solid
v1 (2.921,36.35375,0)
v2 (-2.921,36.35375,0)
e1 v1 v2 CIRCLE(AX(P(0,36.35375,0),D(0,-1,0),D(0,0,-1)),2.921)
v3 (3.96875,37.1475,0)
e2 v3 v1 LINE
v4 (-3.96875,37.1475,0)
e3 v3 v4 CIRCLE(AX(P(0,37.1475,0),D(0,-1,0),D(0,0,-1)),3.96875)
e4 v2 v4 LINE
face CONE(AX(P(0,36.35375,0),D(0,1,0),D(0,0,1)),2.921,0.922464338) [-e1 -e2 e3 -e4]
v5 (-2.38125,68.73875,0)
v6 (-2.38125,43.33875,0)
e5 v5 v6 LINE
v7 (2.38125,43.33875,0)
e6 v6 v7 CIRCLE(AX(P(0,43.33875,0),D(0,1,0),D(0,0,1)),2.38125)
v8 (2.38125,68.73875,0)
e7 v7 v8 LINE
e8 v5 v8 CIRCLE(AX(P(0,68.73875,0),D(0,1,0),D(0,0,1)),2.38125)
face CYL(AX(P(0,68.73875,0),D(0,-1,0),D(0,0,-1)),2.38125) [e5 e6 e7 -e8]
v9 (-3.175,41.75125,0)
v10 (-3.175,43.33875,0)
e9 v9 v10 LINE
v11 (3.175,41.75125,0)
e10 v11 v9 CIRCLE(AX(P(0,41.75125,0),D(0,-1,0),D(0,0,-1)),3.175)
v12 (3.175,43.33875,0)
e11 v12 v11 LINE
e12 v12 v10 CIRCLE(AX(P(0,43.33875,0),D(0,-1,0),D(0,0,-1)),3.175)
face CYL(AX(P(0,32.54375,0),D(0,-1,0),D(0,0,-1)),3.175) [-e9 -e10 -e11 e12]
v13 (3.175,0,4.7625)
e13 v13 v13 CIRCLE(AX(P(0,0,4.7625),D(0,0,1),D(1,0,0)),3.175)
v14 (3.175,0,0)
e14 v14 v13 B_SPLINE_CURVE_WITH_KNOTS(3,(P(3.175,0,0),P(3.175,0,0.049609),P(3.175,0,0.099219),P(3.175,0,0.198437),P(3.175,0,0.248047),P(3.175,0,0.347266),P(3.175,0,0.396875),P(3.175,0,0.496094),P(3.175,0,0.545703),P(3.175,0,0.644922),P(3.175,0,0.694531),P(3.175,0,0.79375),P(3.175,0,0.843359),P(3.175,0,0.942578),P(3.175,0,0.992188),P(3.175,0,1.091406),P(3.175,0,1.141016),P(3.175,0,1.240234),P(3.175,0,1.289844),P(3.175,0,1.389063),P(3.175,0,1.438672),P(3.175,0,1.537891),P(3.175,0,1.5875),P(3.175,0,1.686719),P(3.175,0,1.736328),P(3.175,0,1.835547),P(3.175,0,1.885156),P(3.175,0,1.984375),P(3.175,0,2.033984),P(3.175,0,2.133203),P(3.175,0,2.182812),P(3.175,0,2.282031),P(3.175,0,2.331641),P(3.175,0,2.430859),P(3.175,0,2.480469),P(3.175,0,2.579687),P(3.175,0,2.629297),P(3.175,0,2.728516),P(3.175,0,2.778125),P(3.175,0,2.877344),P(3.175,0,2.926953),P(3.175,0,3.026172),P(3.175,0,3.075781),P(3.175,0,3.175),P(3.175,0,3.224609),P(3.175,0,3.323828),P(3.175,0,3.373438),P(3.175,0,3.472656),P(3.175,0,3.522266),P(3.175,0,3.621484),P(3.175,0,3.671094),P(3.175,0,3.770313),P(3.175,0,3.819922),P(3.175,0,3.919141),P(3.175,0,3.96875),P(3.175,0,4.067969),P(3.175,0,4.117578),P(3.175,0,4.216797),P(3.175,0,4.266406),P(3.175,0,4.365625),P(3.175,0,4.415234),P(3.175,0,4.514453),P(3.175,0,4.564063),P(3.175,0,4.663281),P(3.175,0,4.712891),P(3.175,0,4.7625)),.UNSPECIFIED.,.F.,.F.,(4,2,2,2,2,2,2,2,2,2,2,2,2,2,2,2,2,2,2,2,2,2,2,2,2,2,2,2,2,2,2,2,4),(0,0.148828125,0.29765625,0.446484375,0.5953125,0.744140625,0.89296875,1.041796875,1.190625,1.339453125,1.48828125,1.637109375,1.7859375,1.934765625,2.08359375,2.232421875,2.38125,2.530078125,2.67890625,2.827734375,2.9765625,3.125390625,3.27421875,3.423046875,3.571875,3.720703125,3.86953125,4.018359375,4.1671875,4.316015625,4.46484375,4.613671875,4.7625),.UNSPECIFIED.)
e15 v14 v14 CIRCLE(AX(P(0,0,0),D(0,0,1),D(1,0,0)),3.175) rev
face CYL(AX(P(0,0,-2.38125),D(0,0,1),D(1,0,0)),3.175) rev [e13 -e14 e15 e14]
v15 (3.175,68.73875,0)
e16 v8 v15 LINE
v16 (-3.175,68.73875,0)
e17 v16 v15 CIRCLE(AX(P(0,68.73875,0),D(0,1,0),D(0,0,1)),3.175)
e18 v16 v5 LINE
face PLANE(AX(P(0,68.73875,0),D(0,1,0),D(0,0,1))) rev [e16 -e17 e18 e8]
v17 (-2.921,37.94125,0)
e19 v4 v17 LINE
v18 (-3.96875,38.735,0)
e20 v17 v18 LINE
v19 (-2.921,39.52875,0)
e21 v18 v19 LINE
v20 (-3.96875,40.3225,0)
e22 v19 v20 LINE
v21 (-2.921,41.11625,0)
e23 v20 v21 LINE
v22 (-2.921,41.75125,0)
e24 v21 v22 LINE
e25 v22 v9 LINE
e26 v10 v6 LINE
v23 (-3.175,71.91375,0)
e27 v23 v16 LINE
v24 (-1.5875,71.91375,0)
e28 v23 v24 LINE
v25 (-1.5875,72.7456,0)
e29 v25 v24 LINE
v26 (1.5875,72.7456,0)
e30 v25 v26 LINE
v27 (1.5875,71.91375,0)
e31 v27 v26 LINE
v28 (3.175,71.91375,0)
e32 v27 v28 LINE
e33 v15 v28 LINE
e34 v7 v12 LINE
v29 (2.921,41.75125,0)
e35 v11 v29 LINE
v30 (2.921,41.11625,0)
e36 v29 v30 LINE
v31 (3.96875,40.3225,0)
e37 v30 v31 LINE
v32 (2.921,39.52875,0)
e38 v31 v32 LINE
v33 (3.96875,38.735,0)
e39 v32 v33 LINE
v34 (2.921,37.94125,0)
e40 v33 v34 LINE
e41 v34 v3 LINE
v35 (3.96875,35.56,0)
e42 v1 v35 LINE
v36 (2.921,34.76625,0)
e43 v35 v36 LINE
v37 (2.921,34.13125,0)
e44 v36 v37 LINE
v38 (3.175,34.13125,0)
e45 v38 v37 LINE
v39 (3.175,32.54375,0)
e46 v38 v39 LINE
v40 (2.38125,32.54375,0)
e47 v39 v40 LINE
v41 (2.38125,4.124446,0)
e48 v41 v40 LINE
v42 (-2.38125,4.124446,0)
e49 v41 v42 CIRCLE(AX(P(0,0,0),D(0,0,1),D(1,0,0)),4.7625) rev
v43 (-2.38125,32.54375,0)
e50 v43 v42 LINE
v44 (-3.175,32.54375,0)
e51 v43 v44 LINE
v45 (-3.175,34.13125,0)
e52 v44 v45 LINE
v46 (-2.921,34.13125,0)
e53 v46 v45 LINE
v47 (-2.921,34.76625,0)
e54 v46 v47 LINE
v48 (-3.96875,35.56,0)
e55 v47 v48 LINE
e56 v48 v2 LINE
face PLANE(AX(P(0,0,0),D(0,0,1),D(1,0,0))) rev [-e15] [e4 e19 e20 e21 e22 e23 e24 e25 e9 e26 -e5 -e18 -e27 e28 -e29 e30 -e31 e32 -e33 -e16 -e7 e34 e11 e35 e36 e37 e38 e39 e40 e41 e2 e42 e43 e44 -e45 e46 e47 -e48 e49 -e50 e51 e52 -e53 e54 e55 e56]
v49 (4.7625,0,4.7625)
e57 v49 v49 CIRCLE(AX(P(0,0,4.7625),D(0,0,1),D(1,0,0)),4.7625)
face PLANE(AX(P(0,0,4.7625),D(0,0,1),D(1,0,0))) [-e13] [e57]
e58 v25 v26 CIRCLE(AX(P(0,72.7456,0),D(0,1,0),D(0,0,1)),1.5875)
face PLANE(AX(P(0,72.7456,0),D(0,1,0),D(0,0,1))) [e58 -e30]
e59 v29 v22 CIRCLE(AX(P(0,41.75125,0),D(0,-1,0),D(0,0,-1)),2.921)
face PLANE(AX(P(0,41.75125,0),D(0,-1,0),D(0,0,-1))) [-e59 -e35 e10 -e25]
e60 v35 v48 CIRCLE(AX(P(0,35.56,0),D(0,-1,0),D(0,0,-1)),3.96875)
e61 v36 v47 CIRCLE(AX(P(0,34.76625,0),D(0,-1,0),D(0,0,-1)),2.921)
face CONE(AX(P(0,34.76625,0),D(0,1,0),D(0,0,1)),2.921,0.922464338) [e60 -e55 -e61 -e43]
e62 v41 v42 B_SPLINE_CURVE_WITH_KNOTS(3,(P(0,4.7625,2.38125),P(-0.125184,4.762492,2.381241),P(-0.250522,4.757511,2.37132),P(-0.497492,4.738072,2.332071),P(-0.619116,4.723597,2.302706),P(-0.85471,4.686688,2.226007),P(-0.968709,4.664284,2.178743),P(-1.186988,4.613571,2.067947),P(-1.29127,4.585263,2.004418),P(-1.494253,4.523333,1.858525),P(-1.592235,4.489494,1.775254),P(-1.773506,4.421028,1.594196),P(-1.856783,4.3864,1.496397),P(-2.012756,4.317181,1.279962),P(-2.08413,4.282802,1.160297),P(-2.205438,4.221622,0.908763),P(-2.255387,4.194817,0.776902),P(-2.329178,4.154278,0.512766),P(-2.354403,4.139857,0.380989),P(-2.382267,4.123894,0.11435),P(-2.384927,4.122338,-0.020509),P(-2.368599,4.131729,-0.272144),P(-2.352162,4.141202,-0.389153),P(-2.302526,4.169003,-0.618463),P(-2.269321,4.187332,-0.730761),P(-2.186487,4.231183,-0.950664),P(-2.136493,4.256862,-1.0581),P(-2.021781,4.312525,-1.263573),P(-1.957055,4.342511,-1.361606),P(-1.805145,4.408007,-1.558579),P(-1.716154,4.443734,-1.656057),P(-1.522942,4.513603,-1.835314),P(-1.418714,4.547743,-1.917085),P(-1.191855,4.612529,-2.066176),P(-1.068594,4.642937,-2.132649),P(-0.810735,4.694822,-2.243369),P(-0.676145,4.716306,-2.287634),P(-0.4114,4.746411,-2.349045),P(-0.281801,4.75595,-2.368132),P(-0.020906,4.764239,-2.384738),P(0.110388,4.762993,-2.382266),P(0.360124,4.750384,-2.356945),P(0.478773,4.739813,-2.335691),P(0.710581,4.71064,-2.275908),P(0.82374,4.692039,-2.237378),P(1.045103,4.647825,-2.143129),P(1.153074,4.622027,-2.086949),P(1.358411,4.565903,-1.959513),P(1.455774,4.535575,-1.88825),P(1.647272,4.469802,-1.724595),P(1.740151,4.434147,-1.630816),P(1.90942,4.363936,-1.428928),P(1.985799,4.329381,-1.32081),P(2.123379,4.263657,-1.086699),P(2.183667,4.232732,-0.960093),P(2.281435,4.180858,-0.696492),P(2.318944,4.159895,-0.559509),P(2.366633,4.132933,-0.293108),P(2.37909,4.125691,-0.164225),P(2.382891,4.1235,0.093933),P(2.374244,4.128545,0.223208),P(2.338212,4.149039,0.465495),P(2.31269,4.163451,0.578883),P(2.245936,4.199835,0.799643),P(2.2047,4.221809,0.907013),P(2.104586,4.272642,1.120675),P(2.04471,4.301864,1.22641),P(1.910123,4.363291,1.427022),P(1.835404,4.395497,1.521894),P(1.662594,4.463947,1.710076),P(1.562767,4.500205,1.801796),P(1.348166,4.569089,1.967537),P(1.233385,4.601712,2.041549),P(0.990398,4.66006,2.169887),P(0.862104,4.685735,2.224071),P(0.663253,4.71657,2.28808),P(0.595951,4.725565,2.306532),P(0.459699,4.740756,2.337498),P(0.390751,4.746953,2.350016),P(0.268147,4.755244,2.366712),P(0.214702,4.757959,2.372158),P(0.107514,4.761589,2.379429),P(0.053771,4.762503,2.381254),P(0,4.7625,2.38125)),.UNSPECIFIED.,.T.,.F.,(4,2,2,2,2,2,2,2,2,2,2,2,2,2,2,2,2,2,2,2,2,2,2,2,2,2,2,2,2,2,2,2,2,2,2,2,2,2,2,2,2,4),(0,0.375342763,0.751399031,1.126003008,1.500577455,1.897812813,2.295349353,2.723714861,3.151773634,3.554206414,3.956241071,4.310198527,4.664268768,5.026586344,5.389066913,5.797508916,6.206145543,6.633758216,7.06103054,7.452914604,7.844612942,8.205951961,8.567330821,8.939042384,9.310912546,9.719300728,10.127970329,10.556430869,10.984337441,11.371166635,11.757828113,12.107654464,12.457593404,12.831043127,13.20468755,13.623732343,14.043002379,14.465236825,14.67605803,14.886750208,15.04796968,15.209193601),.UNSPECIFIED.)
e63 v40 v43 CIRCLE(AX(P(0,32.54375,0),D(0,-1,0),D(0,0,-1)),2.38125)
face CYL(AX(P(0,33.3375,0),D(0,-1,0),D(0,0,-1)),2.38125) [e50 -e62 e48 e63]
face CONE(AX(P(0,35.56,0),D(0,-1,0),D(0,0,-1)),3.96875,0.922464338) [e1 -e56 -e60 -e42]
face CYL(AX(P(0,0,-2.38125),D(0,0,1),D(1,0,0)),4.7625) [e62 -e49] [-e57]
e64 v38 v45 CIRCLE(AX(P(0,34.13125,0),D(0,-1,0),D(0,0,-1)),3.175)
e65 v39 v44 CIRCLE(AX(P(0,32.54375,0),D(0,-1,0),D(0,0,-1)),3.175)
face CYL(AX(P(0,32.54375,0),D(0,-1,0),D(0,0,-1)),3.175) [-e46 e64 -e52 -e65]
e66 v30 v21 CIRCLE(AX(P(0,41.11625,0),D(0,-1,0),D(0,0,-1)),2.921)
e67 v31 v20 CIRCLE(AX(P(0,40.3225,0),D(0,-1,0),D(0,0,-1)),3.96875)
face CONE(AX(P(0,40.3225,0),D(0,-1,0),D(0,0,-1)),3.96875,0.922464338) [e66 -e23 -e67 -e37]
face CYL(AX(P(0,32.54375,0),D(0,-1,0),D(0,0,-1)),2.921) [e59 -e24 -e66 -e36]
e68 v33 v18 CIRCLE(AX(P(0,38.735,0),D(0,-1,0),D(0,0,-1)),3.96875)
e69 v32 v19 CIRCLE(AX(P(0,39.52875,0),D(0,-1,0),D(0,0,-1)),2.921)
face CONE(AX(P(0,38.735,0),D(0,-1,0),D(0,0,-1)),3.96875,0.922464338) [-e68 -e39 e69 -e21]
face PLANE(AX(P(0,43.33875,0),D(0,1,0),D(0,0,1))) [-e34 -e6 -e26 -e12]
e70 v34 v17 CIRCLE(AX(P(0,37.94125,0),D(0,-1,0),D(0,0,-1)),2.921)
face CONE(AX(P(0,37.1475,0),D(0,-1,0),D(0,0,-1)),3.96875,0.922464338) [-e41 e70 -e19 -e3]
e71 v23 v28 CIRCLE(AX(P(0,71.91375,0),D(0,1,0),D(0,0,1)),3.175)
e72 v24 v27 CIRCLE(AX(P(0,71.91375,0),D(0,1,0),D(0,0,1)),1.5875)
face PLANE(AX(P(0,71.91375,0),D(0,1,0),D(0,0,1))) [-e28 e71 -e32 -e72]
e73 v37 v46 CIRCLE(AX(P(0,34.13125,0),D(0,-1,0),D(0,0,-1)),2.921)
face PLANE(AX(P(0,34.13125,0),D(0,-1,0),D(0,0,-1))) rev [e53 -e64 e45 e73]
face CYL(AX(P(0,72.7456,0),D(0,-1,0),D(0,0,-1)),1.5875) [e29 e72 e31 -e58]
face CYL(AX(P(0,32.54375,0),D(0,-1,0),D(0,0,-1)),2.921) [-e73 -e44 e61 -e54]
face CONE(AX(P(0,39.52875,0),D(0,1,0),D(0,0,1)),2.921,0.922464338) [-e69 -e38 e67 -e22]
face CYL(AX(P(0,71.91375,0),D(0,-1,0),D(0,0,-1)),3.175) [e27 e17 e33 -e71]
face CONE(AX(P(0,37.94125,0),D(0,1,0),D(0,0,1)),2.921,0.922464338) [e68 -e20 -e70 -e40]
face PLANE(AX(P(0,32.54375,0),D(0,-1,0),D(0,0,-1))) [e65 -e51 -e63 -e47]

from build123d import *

# Parameters (mm, degrees)
BOSS_EXTRUDE1_DEPTH                  = 4.7625
BOSS_EXTRUDE1_DEPTH_BACK             = 2.38125
SKETCH1_R                            = 4.7625
SKETCH1_R_2                          = 3.175
SKETCH2_R                            = 2.38125
BOSS_EXTRUDE2_DEPTH                  = 28.575
BOSS_EXTRUDE2_DIRECTION_2_REACH      = 13.666
BOSS_EXTRUDE2_DIRECTION_2_END_RADIUS = 4.7625
SKETCH3_W                            = 3.175
SKETCH3_H                            = 1.5875
BOSS_EXTRUDE3_START                  = 25.4
SKETCH4_R                            = 2.38125
BOSS_EXTRUDE3_DEPTH                  = 25.4
SKETCH5_R                            = 3.175
BOSS_EXTRUDE4_DEPTH                  = 3.175
SKETCH6_R                            = 1.5875
BOSS_EXTRUDE5_DEPTH                  = 0.83185
SKETCH7_W                            = 15.534712676
SKETCH7_H                            = 81.822586025
CUT_EXTRUDE1_DEPTH                   = 74.056725452


with BuildPart() as part:
    # Sketch1 → Boss-Extrude1 (new, two sides: drawn at the far end of the back side and taken through both)
    with BuildSketch(Plane.XY.offset(-BOSS_EXTRUDE1_DEPTH_BACK)):
        Circle(SKETCH1_R)
        Circle(SKETCH1_R_2, mode=Mode.SUBTRACT)
    extrude(amount=BOSS_EXTRUDE1_DEPTH + BOSS_EXTRUDE1_DEPTH_BACK)

    # Sketch2 → Boss-Extrude2 (add)
    with BuildSketch(Plane(origin=(0, 4.7625, 0), x_dir=(1, 0, 0), z_dir=(0, 1, 0))):
        with Locations(Location((0, 0, 0), (0, 0, 90.000000028))):
            Circle(SKETCH2_R)
    extrude(amount=BOSS_EXTRUDE2_DEPTH)

    # Boss-Extrude2 direction 2: up to this cylinder (the profile starts outside it)
    boss_extrude2_direction_2_end = Plane(origin=(0, 0, 0), z_dir=(0, 0, 1)) * Cylinder(BOSS_EXTRUDE2_DIRECTION_2_END_RADIUS, 37.857, mode=Mode.PRIVATE)
    # Sketch2 → Boss-Extrude2 direction 2 (add, up to the surface)
    with BuildSketch(Plane(origin=(0, 4.7625, 0), x_dir=(1, 0, 0), z_dir=(0, 1, 0)), mode=Mode.PRIVATE) as boss_extrude2_direction_2_sk1:
        with Locations(Location((0, 0, 0), (0, 0, 90.000000028))):
            Circle(SKETCH2_R)
    boss_extrude2_direction_2_tool1 = extrude(boss_extrude2_direction_2_sk1.sketch, amount=-BOSS_EXTRUDE2_DIRECTION_2_REACH, mode=Mode.PRIVATE) - boss_extrude2_direction_2_end
    add(boss_extrude2_direction_2_tool1.solids().sort_by_distance((0, 4.7625, 0))[0])
    add(boss_extrude2_direction_2_tool1.solids().sort_by_distance((0, 4.7625, 0))[1])

    # Sketch3 → Revolve1 (revolve)
    with BuildSketch(Plane(origin=(0, 0, 0), x_dir=(0, 0, -1), z_dir=(1, 0, 0)), mode=Mode.PRIVATE) as revolve1_sk:
        with Locations((-1.5875, 33.3375)):
            Rectangle(SKETCH3_W, SKETCH3_H)
        Polygon((-2.921, 34.76625), (-2.921, 34.13125), (0, 34.13125), (0, 43.33875), (-3.175, 43.33875), (-3.175, 41.75125), (-2.921, 41.75125), (-2.921, 41.11625), (-3.96875, 40.3225), (-2.921, 39.52875), (-3.96875, 38.735), (-2.921, 37.94125), (-3.96875, 37.1475), (-2.921, 36.35375), (-3.96875, 35.56), align=None)
    revolve(revolve1_sk.sketch.rotate(Axis((0, 32.54375, 0), (0, 1, 0)), 180), axis=Axis((0, 32.54375, 0), (0, 1, 0)))

    # Sketch4 → Boss-Extrude3 (add)
    with BuildSketch(Plane(origin=(0, 43.33875, 0), x_dir=(1, 0, 0), z_dir=(0, 1, 0)).offset(BOSS_EXTRUDE3_START)):
        with Locations(Location((0, 0, 0), (0, 0, 90))):
            Circle(SKETCH4_R)
    extrude(amount=-BOSS_EXTRUDE3_DEPTH)

    # Sketch5 → Boss-Extrude4 (add)
    with BuildSketch(Plane(origin=(0, 68.73875, 0), x_dir=(1, 0, 0), z_dir=(0, 1, 0))):
        with Locations(Location((0, 0, 0), (0, 0, 90))):
            Circle(SKETCH5_R)
    extrude(amount=BOSS_EXTRUDE4_DEPTH)

    # Sketch6 → Boss-Extrude5 (add)
    with BuildSketch(Plane(origin=(0, 71.91375, 0), x_dir=(1, 0, 0), z_dir=(0, 1, 0))):
        with Locations(Location((0, 0, 0), (0, 0, 270))):
            Circle(SKETCH6_R)
    extrude(amount=BOSS_EXTRUDE5_DEPTH)

    # Sketch7 → Cut-Extrude1 (cut, through all)
    with BuildSketch(Plane.XY):
        with Locations((0.627177841, 34.425750044)):
            Rectangle(SKETCH7_W, SKETCH7_H)
    extrude(amount=-CUT_EXTRUDE1_DEPTH, mode=Mode.SUBTRACT)


solid = part.part
